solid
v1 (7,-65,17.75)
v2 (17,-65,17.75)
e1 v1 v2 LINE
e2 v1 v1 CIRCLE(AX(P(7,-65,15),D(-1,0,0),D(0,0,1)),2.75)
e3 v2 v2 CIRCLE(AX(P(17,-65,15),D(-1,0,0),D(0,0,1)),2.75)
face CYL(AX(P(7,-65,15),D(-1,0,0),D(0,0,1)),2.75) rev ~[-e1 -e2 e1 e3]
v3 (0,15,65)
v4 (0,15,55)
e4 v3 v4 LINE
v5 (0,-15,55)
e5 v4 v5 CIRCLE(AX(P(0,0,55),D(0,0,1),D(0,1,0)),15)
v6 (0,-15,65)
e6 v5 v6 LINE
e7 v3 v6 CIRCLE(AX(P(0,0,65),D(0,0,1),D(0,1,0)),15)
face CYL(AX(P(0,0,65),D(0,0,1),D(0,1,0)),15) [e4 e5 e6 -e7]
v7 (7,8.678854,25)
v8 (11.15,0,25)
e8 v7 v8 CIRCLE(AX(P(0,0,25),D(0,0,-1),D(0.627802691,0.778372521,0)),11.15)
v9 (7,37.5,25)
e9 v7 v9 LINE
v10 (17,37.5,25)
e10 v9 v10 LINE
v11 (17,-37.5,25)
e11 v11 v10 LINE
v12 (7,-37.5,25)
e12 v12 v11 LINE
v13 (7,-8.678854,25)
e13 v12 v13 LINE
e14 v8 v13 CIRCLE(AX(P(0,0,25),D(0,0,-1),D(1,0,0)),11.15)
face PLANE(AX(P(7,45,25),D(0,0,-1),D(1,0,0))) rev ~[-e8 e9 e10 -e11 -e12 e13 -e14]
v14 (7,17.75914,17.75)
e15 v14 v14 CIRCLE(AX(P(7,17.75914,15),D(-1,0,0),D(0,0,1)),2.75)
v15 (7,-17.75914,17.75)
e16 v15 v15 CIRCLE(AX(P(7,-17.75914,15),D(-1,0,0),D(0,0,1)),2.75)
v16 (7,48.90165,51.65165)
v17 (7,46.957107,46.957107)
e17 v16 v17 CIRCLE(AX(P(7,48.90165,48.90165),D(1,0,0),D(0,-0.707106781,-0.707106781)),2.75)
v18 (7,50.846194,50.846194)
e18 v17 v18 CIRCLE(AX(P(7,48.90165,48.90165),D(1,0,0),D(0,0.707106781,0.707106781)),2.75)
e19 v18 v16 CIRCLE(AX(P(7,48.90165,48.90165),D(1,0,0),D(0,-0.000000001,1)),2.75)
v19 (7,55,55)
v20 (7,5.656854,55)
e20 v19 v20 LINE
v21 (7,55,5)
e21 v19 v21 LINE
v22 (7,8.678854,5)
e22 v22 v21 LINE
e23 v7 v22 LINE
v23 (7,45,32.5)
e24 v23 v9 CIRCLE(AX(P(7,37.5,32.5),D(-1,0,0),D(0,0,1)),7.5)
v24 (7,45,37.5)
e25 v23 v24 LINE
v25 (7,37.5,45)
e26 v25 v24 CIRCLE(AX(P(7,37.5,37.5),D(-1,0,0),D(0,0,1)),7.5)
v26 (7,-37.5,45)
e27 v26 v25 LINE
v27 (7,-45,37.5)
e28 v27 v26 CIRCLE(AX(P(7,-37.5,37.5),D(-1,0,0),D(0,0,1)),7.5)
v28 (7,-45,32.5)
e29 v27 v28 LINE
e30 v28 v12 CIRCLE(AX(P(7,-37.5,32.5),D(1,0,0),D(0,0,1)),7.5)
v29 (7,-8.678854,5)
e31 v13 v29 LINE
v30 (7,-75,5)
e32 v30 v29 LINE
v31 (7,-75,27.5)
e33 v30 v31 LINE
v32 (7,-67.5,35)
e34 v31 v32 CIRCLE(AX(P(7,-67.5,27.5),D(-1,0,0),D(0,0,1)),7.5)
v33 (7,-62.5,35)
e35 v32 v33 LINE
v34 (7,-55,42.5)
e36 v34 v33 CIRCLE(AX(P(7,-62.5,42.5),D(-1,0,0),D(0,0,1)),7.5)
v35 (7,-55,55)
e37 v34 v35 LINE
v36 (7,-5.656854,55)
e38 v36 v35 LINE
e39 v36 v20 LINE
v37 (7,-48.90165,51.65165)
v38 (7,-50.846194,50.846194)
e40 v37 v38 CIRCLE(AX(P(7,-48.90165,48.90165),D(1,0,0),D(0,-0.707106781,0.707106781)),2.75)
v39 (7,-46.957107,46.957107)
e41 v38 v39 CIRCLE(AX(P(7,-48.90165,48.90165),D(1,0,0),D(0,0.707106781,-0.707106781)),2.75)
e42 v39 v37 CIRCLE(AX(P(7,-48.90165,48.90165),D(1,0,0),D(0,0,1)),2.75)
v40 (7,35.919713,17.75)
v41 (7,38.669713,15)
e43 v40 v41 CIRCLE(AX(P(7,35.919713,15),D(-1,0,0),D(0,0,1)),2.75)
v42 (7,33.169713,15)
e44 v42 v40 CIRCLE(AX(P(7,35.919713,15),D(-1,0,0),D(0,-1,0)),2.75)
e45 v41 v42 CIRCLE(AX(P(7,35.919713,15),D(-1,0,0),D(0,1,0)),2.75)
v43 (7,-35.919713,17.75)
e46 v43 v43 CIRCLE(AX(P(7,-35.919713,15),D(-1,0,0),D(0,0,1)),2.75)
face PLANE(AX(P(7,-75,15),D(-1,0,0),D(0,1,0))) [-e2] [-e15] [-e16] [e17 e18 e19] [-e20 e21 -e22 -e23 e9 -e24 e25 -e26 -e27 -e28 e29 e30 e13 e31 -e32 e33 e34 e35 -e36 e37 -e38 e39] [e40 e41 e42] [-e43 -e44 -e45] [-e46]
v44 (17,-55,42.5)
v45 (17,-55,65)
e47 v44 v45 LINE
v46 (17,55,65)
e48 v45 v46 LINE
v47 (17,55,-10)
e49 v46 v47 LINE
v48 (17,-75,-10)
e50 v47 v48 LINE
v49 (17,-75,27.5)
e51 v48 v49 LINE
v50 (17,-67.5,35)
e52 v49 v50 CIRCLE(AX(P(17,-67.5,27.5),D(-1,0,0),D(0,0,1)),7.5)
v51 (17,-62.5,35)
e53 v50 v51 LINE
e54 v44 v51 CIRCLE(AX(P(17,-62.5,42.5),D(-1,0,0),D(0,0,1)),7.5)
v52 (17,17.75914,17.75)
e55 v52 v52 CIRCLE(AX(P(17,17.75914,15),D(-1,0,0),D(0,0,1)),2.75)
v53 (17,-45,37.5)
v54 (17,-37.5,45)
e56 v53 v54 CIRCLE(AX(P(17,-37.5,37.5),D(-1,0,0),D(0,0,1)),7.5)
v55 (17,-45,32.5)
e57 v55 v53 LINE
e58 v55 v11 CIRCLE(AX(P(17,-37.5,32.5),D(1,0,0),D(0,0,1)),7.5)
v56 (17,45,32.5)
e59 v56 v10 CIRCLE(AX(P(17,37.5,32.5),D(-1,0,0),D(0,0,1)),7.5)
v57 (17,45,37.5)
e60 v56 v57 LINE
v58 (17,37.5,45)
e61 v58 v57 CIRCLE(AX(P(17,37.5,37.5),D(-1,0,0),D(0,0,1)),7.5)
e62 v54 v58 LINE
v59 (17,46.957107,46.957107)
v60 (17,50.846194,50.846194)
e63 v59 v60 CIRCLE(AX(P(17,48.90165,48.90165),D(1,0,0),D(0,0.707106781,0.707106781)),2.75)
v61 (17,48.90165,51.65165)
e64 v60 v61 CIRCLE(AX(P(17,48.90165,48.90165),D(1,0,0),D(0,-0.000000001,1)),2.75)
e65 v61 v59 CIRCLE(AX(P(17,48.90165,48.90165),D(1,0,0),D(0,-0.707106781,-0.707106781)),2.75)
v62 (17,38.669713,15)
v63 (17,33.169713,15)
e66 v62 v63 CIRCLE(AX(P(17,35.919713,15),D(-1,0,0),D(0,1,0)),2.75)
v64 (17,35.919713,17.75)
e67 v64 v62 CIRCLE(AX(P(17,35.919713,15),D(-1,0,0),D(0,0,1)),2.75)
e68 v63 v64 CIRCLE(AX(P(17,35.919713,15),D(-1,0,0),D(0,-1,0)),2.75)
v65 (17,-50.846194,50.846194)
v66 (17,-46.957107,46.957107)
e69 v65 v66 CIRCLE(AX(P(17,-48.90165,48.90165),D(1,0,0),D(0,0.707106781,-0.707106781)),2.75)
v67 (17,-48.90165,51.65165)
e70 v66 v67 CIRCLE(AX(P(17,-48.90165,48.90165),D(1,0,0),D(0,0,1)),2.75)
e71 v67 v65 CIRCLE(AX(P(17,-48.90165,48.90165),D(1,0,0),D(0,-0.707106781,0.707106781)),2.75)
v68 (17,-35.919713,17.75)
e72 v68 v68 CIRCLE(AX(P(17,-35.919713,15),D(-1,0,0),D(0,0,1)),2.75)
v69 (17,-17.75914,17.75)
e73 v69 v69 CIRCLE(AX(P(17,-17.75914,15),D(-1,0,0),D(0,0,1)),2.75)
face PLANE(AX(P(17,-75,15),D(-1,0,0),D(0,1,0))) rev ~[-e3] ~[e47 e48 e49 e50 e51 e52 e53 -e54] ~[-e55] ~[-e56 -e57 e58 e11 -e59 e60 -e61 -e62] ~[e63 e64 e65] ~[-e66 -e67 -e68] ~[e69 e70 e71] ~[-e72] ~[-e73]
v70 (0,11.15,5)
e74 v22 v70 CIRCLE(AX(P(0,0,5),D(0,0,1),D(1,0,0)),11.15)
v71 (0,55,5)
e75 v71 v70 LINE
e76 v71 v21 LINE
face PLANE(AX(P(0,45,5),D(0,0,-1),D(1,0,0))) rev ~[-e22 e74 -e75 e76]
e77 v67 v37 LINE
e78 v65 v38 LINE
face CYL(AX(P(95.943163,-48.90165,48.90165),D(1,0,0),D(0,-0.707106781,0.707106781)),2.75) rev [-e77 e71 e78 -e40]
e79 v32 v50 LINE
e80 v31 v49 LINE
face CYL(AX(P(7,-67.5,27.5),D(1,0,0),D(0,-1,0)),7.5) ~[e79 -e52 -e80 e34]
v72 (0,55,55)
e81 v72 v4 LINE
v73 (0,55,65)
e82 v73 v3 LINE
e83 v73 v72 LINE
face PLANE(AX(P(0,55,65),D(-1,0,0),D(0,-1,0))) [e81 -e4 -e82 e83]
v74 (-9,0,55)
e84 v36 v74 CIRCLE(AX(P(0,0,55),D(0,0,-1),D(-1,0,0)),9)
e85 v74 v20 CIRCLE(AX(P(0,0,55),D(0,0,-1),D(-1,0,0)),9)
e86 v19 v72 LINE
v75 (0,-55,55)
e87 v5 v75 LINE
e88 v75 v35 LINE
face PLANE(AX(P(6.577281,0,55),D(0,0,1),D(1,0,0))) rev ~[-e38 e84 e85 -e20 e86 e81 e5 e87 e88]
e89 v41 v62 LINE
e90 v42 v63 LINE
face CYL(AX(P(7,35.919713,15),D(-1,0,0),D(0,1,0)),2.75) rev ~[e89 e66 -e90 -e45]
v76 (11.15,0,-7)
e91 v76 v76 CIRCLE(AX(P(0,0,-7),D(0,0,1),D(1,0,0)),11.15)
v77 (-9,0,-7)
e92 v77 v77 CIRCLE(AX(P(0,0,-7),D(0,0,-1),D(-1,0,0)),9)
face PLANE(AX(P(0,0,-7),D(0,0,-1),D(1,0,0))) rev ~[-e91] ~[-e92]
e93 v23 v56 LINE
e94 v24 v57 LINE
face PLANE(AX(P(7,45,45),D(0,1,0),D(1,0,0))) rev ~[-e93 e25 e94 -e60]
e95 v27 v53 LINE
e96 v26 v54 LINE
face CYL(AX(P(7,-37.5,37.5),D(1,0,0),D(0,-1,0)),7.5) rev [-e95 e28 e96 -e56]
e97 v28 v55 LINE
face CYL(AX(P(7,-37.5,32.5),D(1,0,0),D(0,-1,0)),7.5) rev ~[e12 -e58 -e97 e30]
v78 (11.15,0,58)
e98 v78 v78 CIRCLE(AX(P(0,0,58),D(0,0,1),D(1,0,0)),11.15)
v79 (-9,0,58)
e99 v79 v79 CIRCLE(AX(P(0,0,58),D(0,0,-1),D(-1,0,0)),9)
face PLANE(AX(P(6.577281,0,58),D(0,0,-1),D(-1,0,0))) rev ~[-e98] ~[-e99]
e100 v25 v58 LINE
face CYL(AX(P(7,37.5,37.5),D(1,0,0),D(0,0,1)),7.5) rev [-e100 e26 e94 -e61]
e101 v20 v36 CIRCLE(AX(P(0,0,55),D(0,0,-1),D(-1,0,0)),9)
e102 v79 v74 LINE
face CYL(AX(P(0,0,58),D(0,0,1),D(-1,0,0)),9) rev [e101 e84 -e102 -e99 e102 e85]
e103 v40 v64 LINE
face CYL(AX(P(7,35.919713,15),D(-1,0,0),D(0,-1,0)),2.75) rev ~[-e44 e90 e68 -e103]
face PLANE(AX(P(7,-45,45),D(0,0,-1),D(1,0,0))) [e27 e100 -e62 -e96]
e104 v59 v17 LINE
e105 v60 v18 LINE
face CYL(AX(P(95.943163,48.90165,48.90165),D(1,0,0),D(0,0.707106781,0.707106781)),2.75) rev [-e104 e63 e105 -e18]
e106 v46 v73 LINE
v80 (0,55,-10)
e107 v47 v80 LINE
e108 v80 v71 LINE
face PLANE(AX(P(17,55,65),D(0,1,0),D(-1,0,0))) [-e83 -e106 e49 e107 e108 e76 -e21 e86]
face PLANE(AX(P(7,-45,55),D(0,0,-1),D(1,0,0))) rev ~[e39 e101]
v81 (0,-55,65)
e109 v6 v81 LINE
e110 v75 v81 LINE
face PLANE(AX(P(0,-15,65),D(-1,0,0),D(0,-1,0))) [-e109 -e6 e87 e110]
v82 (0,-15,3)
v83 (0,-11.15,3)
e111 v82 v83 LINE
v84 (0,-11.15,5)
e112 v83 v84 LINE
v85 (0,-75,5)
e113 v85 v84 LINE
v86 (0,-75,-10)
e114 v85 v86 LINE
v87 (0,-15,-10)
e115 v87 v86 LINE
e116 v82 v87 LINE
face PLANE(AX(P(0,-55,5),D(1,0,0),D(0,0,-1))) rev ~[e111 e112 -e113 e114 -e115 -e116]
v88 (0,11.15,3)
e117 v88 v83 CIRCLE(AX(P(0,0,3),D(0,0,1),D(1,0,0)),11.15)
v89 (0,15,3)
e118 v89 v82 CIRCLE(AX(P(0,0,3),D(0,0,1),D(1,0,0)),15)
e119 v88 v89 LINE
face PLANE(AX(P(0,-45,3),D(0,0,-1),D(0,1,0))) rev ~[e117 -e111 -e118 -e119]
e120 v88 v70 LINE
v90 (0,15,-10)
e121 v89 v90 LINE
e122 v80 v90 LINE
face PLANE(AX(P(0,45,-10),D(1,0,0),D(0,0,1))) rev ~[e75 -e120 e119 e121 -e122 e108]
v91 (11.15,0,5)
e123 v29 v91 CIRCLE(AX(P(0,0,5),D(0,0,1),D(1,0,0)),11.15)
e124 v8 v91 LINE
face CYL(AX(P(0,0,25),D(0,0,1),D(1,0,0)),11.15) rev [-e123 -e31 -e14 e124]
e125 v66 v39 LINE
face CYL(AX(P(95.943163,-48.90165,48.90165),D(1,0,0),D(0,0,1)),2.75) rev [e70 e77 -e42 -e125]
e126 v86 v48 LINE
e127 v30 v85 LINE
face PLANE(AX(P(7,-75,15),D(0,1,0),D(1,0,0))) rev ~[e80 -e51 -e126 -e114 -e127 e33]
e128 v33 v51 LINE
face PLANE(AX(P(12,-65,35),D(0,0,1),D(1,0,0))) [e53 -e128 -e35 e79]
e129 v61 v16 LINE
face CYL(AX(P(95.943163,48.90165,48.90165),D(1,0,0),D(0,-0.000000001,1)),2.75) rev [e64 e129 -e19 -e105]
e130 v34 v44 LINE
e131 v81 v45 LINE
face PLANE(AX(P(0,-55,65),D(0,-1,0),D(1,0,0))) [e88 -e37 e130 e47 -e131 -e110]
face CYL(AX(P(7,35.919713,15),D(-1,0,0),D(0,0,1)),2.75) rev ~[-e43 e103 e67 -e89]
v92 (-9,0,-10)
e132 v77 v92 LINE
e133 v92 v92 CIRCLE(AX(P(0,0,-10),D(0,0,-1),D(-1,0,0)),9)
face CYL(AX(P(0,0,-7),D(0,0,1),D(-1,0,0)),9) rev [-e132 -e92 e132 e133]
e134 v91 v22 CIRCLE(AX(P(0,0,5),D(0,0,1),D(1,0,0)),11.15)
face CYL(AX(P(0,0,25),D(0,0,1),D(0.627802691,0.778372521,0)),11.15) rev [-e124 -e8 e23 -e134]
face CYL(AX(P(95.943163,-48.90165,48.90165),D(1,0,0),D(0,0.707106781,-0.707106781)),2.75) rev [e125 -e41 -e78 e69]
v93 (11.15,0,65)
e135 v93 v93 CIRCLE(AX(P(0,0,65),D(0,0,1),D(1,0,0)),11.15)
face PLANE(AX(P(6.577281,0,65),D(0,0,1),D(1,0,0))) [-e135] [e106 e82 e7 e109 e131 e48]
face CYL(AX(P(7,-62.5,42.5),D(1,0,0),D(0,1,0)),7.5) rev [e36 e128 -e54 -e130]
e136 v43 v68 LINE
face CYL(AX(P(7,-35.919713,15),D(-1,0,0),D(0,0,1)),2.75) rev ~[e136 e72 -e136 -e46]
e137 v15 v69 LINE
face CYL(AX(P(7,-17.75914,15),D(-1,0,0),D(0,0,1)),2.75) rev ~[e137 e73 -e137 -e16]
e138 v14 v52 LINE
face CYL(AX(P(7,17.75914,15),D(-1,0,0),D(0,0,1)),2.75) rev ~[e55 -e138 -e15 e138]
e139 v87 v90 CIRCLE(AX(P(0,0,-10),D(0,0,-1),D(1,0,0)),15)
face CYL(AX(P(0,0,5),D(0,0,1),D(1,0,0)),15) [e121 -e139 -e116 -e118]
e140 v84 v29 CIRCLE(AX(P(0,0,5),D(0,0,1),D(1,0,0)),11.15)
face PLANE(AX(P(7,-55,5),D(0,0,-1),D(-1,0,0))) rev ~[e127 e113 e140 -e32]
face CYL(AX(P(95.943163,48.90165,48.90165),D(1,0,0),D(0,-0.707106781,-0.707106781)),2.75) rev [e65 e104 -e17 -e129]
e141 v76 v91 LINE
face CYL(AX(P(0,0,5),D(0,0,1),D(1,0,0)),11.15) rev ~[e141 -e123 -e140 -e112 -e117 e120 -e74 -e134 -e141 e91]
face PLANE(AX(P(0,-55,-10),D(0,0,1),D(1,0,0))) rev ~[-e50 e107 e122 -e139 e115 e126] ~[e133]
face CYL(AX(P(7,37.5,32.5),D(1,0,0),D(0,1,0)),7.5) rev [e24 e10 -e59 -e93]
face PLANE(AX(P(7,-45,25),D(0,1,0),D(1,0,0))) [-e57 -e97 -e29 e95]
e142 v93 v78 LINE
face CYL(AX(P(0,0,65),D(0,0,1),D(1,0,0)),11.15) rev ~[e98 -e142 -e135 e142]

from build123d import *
from build123d.topology import SkipClean

# Parameters (mm, degrees)
SKETCH2_R               = 15
SKETCH2_R_2             = 11.15
BOSS_EXTRUDE1_DEPTH     = 7
SKETCH3_R               = 15
SKETCH3_R_2             = 9
BOSS_EXTRUDE2_DEPTH     = 3
BOSS_EXTRUDE3_START     = 5
SKETCH4_R               = 15
SKETCH4_R_2             = 11.15
BOSS_EXTRUDE3_DEPTH     = 5
BOSS_EXTRUDE4_DEPTH     = 8
BOSS_EXTRUDE5_START     = 20
SKETCH7_W               = 10
SKETCH7_H               = 30
BOSS_EXTRUDE5_DEPTH     = 20
BOSS_EXTRUDE6_DEPTH     = 7
SKETCH10_W              = 2
SKETCH10_H              = 90
CUT_EXTRUDE1_DEPTH      = 20
SKETCH12_R              = 2.75
CUT_EXTRUDE2_DEPTH      = 20
BOSS_EXTRUDE7_DEPTH     = 10
BOSS_EXTRUDE8_DEPTH     = 10
SKETCH15_W              = 10
SKETCH15_H              = 10
BOSS_EXTRUDE9_DEPTH     = 20
SKETCH16_W              = 10
SKETCH16_H              = 10
BOSS_EXTRUDE10_DEPTH    = 10
SKETCH17_W              = 10
SKETCH17_H              = 10
BOSS_EXTRUDE11_DEPTH    = 90
FILLET1_R               = 7.5
BOSS_EXTRUDE12_START    = 10
SKETCH18_R              = 11.15
BOSS_EXTRUDE12_DEPTH    = 10
BOSS_EXTRUDE13_START    = -3
SKETCH19_R              = 9
BOSS_EXTRUDE13_DEPTH    = 3
CUT_EXTRUDE3_DEPTH      = 88.943163464
CUT_EXTRUDE3_DEPTH_BACK = 88.943163464
SKETCH21_W              = 10
SKETCH21_H              = 10
BOSS_EXTRUDE14_DEPTH    = 20
SKETCH22_W              = 10
SKETCH22_H              = 20
BOSS_EXTRUDE15_DEPTH    = 20
FILLET2_R               = 7.5
SKETCH23_R              = 2.75
CUT_EXTRUDE4_DEPTH      = 20


with BuildPart() as part:
    # Sketch2 → Boss-Extrude1 (new body)
    with BuildSketch(Plane.XY):
        Circle(SKETCH2_R)
        Circle(SKETCH2_R_2, mode=Mode.SUBTRACT)
    extrude(amount=-BOSS_EXTRUDE1_DEPTH)

    # Sketch3 → Boss-Extrude2 (add)
    with BuildSketch(Plane(origin=(0, 0, -7), x_dir=(-1, 0, 0), z_dir=(0, 0, -1))):
        with Locations(Location((0, 0, 0), (0, 0, 180))):
            Circle(SKETCH3_R)
        Circle(SKETCH3_R_2, mode=Mode.SUBTRACT)
    extrude(amount=BOSS_EXTRUDE2_DEPTH)

    # Sketch4 → Boss-Extrude3 (add)
    with BuildSketch(Plane.XY.offset(BOSS_EXTRUDE3_START)):
        Circle(SKETCH4_R)
        Circle(SKETCH4_R_2, mode=Mode.SUBTRACT)
    extrude(amount=-BOSS_EXTRUDE3_DEPTH)

    # Sketch5 → Boss-Extrude4 (add)
    with BuildSketch(Plane.XY.offset(5)):
        with BuildLine():
            Line((0, 45), (0, 15))
            ThreePointArc((0, 15), (10.606601718, 10.606601718), (15, 0))
            ThreePointArc((15, 0), (10.606601718, -10.606601718), (0, -15))
            Line((0, -15), (0, -45))
            Line((0, -45), (17, -45))
            Line((17, -45), (17, 15))
            Line((17, 15), (17, 45))
            Line((17, 45), (0, 45))
        make_face()
    extrude(amount=-BOSS_EXTRUDE4_DEPTH)

    # Sketch7 → Boss-Extrude5 (add)
    with SkipClean():  # the faces are left unmerged after this step: merging them gives an invalid solid
        with BuildSketch(Plane.XY.offset(5).offset(BOSS_EXTRUDE5_START)):
            with Locations((12, 30)):
                Rectangle(SKETCH7_W, SKETCH7_H)
            with BuildLine():
                Line((7, -15), (17, -15))
                Line((17, -15), (17, 15))
                Line((17, 15), (7, 15))
                Line((7, 15), (7, 8.678853611))
                ThreePointArc((7, 8.678853611), (10.059137637, 4.810015592), (11.15, 0))
                ThreePointArc((11.15, 0), (10.059137637, -4.810015592), (7, -8.678853611))
                Line((7, -8.678853611), (7, -15))
            make_face()
            with Locations((12, -30)):
                Rectangle(SKETCH7_W, SKETCH7_H)
        extrude(amount=-BOSS_EXTRUDE5_DEPTH)

    # Sketch9 → Boss-Extrude6 (add)
    with SkipClean():  # the faces are left unmerged after this step: merging them gives an invalid solid
        with BuildSketch(Plane(origin=(0, 0, -3), x_dir=(-1, 0, 0), z_dir=(0, 0, -1))):
            with BuildLine():
                Line((-17, -45), (0, -45))
                Line((0, -45), (0, -15))
                ThreePointArc((0, -15), (-15, 0), (0, 15))
                Line((0, 15), (0, 45))
                Line((0, 45), (-17, 45))
                Line((-17, 45), (-17, -45))
            make_face()
        extrude(amount=BOSS_EXTRUDE6_DEPTH)

    # Sketch10 → Cut-Extrude1 (cut)
    with BuildSketch(Plane.ZY):
        with Locations((4, 0)):
            Rectangle(SKETCH10_W, SKETCH10_H)
    extrude(amount=CUT_EXTRUDE1_DEPTH, mode=Mode.SUBTRACT)

    # Sketch12 → Cut-Extrude2 (cut)
    with BuildSketch(Plane.ZY.offset(-7)):
        with Locations((15, -35.919713403)):
            Circle(SKETCH12_R)
        with Locations((15, -17.759140208)):
            Circle(SKETCH12_R)
        with Locations((15, 17.759140208)):
            Circle(SKETCH12_R)
        with BuildLine():
            ThreePointArc((17.75, 35.919713403), (16.944543648, 37.864257051), (15, 38.669713403))
            Line((15, 38.669713403), (15, 33.169713403))
            ThreePointArc((15, 33.169713403), (16.944543648, 33.975169754), (17.75, 35.919713403))
        make_face()
        with BuildLine():
            Line((15, 33.169713403), (15, 38.669713403))
            ThreePointArc((15, 38.669713403), (12.25, 35.919713403), (15, 33.169713403))
        make_face()
    extrude(amount=-CUT_EXTRUDE2_DEPTH, mode=Mode.SUBTRACT)

    # Sketch13 → Boss-Extrude7 (add)
    with BuildSketch(Plane.XZ.offset(45)):
        Polygon((7, 5), (0, 5), (0, -10), (17, -10), (17, 25), (7, 25), align=None)
    extrude(amount=BOSS_EXTRUDE7_DEPTH)

    # Sketch14 → Boss-Extrude8 (add)
    with BuildSketch(Plane(origin=(0, 45, 0), x_dir=(1, 0, 0), z_dir=(0, 1, 0))):
        Polygon((0, -5), (7, -5), (7, -25), (17, -25), (17, 10), (0, 10), align=None)
    extrude(amount=BOSS_EXTRUDE8_DEPTH)

    # Sketch15 → Boss-Extrude9 (add)
    with BuildSketch(Plane.XY.offset(25)):
        with Locations((12, 50)):
            Rectangle(SKETCH15_W, SKETCH15_H)
        with Locations((12, -50)):
            Rectangle(SKETCH15_W, SKETCH15_H)
    extrude(amount=BOSS_EXTRUDE9_DEPTH)

    # Sketch16 → Boss-Extrude10 (add)
    with BuildSketch(Plane.XY.offset(45)):
        with Locations((12, 50)):
            Rectangle(SKETCH16_W, SKETCH16_H)
        with Locations((12, -50)):
            Rectangle(SKETCH16_W, SKETCH16_H)
    extrude(amount=BOSS_EXTRUDE10_DEPTH)

    # Sketch17 → Boss-Extrude11 (add)
    with BuildSketch(Plane(origin=(0, -45, 0), x_dir=(1, 0, 0), z_dir=(0, 1, 0))):
        with Locations((12, -50)):
            Rectangle(SKETCH17_W, SKETCH17_H)
    extrude(amount=BOSS_EXTRUDE11_DEPTH)

    # Fillet1
    fillet1_edges = [part.edges().sort_by_distance(p)[0] for p in [
        (12, 45, 25),
        (12, -45, 25),
        (12, -45, 45),
        (12, 45, 45),
    ]]
    fillet(fillet1_edges, radius=FILLET1_R)

    # Sketch18 → Boss-Extrude12 (add)
    with BuildSketch(Plane.XY.offset(55).offset(BOSS_EXTRUDE12_START)):
        with BuildLine():
            ThreePointArc((0, 15), (-15, 0), (0, -15))
            Line((0, -15), (0, -55))
            Line((0, -55), (17, -55))
            Line((17, -55), (17, 55))
            Line((17, 55), (0, 55))
            Line((0, 55), (0, 15))
        make_face()
        Circle(SKETCH18_R, mode=Mode.SUBTRACT)
    extrude(amount=-BOSS_EXTRUDE12_DEPTH)

    # Sketch19 → Boss-Extrude13 (add)
    with BuildSketch(Plane(origin=(0, 0, 55), x_dir=(-1, 0, 0), z_dir=(0, 0, -1)).offset(BOSS_EXTRUDE13_START)):
        with BuildLine():
            Line((0, 15), (0, 55))
            Line((0, 55), (-17, 55))
            Line((-17, 55), (-17, -55))
            Line((-17, -55), (0, -55))
            Line((0, -55), (0, -15))
            ThreePointArc((0, -15), (15, 0), (0, 15))
        make_face()
        Circle(SKETCH19_R, mode=Mode.SUBTRACT)
    extrude(amount=BOSS_EXTRUDE13_DEPTH)

    # Sketch20 → Cut-Extrude3 (cut, two sides: drawn at the far end of the back side and taken through both)
    with BuildSketch(Plane.ZY.offset(-7).offset(-CUT_EXTRUDE3_DEPTH_BACK)):
        with BuildLine():
            ThreePointArc((51.651650429, -48.901650429), (49.954029868, -46.360981715), (46.957106781, -46.957106781))
            Line((46.957106781, -46.957106781), (50.846194078, -50.846194078))
            ThreePointArc((50.846194078, -50.846194078), (51.442319144, -49.954029868), (51.651650429, -48.901650429))
        make_face()
        with BuildLine():
            Line((50.846194078, -50.846194078), (46.957106781, -46.957106781))
            ThreePointArc((46.957106781, -46.957106781), (46.957106781, -50.846194078), (50.846194078, -50.846194078))
        make_face()
        with BuildLine():
            ThreePointArc((51.651650429, 48.901650429), (51.442319144, 49.954029868), (50.846194078, 50.846194078))
            Line((50.846194078, 50.846194078), (46.957106781, 46.957106781))
            ThreePointArc((46.957106781, 46.957106781), (49.954029868, 46.360981715), (51.651650429, 48.901650429))
        make_face()
        with BuildLine():
            Line((46.957106781, 46.957106781), (50.846194078, 50.846194078))
            ThreePointArc((50.846194078, 50.846194078), (46.957106781, 50.846194078), (46.957106781, 46.957106781))
        make_face()
    extrude(amount=CUT_EXTRUDE3_DEPTH + CUT_EXTRUDE3_DEPTH_BACK, mode=Mode.SUBTRACT)

    # Sketch21 → Boss-Extrude14 (add)
    with BuildSketch(Plane.XZ.offset(55)):
        Polygon((0, 5), (0, -10), (17, -10), (17, 5), (7, 5), align=None)
        with Locations((12, 10)):
            Rectangle(SKETCH21_W, SKETCH21_H)
    extrude(amount=BOSS_EXTRUDE14_DEPTH)

    # Sketch22 → Boss-Extrude15 (add)
    with BuildSketch(Plane.XY.offset(15)):
        with Locations((12, -65)):
            Rectangle(SKETCH22_W, SKETCH22_H)
    extrude(amount=BOSS_EXTRUDE15_DEPTH)

    # Fillet2
    fillet2_edges = [part.edges().sort_by_distance(p)[0] for p in [
        (12, -55, 35),
        (12, -75, 35),
    ]]
    fillet(fillet2_edges, radius=FILLET2_R)

    # Sketch23 → Cut-Extrude4 (cut)
    with BuildSketch(Plane.ZY.offset(-7)):
        with Locations((15, -65)):
            Circle(SKETCH23_R)
    extrude(amount=-CUT_EXTRUDE4_DEPTH, mode=Mode.SUBTRACT)


solid = part.part
